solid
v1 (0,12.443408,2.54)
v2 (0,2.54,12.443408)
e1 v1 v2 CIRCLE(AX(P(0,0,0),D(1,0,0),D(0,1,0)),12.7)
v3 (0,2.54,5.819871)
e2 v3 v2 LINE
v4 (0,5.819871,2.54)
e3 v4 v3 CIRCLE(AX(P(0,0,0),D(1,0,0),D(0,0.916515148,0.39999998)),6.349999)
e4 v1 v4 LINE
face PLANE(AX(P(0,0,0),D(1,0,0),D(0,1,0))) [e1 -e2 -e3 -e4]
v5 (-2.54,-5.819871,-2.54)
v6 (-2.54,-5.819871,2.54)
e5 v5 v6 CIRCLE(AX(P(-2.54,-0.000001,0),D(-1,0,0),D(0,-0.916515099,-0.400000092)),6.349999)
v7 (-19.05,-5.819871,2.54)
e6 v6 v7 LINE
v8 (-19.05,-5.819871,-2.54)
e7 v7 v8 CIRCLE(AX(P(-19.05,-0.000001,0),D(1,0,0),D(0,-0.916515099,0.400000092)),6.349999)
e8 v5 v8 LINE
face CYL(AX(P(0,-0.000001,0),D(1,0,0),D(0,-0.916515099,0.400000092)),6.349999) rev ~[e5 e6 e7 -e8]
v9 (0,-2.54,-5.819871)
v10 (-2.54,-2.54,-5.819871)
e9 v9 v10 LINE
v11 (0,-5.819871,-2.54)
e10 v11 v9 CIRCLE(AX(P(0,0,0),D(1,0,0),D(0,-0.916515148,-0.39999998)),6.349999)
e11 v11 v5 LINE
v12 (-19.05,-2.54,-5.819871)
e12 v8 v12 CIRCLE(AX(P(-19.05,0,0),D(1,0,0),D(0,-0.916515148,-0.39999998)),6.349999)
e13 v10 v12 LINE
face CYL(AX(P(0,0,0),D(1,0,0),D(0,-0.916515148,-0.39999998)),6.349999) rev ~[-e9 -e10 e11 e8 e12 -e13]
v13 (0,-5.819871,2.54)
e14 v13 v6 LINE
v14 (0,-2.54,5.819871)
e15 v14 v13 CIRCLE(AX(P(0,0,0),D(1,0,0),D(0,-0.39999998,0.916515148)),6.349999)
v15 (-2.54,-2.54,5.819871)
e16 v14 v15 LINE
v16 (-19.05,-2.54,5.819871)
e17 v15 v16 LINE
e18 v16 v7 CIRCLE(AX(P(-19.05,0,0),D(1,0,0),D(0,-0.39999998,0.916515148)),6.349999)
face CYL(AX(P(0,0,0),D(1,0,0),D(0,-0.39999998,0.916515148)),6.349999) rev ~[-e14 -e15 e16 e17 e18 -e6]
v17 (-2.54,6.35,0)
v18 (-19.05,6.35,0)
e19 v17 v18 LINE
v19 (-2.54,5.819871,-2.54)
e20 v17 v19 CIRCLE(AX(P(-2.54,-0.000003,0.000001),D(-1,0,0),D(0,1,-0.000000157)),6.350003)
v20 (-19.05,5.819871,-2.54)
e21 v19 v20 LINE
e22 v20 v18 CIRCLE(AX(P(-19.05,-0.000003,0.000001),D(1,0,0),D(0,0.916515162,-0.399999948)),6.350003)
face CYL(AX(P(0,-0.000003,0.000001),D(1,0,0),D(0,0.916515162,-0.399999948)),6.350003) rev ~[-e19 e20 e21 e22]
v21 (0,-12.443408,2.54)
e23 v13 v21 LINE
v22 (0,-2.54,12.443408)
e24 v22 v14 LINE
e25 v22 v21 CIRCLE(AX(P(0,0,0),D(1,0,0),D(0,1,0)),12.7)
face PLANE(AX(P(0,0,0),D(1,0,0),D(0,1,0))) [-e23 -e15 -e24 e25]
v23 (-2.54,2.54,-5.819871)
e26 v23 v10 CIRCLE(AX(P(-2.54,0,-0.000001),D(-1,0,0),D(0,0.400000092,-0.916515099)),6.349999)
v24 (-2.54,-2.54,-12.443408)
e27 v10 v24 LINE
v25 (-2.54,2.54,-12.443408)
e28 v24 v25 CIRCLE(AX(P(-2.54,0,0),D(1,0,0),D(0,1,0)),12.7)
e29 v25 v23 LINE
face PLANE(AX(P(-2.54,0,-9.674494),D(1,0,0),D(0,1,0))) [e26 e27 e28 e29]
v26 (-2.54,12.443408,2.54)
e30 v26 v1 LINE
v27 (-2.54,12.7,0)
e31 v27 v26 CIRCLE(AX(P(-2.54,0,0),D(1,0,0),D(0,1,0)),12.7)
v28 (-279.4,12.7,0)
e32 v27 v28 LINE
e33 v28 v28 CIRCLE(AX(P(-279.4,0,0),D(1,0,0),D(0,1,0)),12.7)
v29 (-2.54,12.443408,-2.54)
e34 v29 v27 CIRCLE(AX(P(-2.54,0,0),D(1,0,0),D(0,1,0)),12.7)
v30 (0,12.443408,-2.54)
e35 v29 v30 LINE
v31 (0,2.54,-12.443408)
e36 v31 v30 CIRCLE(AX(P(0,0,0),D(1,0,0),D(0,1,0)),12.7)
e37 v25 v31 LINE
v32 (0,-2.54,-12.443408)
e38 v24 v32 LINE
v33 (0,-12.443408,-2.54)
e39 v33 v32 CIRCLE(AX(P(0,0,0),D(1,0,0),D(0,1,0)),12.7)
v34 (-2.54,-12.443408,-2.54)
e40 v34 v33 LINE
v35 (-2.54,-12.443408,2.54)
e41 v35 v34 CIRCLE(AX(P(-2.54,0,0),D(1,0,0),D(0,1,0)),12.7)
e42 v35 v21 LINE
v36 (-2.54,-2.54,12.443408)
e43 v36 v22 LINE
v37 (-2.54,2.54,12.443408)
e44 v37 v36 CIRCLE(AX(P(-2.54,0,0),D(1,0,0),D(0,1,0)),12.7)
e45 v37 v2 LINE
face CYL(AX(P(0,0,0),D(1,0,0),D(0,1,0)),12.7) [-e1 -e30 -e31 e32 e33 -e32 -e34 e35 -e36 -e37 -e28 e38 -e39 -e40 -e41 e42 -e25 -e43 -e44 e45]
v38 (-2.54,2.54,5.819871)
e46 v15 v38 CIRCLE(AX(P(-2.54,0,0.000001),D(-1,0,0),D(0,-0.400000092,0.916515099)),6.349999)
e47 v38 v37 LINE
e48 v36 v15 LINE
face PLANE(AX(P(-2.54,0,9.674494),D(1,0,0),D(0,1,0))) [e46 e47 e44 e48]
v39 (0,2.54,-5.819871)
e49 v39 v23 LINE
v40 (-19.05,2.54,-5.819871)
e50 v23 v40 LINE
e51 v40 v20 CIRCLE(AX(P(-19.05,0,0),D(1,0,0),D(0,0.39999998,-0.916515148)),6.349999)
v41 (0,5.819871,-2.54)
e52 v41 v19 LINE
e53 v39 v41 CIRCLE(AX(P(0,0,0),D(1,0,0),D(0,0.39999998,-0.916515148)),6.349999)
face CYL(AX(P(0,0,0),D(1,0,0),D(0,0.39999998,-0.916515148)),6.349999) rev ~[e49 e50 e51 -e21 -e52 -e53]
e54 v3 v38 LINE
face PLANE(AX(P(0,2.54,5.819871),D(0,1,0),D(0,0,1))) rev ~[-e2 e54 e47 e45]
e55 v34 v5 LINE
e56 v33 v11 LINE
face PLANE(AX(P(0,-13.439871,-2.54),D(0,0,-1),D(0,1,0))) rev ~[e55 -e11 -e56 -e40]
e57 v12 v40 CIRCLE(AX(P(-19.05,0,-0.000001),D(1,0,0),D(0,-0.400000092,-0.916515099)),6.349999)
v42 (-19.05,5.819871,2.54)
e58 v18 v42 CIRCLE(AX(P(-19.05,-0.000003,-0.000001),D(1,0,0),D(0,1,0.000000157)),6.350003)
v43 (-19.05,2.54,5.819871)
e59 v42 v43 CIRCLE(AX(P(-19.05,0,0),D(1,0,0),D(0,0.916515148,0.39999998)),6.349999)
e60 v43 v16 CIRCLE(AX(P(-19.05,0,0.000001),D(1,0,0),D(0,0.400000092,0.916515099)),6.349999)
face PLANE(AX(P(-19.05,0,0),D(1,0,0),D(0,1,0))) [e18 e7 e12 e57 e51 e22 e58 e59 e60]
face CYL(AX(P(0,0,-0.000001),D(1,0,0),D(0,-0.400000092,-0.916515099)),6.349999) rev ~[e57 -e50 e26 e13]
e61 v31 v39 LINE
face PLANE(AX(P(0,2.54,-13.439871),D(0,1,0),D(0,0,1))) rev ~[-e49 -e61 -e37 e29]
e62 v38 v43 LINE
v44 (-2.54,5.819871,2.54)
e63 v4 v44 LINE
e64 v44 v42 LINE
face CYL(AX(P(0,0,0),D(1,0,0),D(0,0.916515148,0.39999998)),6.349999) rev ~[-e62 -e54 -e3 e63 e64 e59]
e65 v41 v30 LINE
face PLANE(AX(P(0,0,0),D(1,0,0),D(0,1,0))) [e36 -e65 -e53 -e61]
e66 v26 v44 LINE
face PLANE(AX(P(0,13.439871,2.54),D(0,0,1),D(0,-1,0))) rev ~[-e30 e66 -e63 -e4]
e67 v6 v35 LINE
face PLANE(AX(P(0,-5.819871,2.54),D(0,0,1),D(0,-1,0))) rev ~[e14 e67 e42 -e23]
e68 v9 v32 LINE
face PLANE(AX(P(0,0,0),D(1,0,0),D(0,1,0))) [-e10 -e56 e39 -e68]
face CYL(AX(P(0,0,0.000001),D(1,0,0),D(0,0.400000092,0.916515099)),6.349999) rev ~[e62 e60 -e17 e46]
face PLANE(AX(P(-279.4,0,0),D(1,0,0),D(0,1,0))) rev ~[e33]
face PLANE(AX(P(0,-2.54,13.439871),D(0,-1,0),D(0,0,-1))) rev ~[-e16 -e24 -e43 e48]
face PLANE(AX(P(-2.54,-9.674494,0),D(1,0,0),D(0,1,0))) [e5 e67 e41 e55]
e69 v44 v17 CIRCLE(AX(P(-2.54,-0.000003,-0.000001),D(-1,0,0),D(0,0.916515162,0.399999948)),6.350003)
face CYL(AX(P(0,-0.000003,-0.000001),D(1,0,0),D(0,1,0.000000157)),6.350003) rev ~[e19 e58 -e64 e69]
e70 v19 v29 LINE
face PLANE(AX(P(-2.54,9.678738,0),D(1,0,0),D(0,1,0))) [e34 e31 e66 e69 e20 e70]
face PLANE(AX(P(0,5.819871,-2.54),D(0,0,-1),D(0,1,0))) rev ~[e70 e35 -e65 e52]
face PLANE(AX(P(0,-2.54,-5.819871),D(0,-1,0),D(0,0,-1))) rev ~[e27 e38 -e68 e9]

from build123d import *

# Parameters (mm, degrees)
F0_R     = 12.7
F1_DEPTH = 279.4
F3_DEPTH = 2.54
F4_DEPTH = 19.05


with BuildPart() as f1:
    # F0 (on Right) → F1 (new body)
    with BuildSketch(Plane.YZ):
        Circle(F0_R)
    extrude(amount=-F1_DEPTH)

    # F2 (on Right) → F3 (cut)
    with BuildSketch(Plane.YZ):
        with BuildLine():
            ThreePointArc((-2.54, 5.819871), (0, 6.35), (2.54, 5.819871))
            Line((2.54, 5.819871), (2.54, 13.439871))
            Line((2.54, 13.439871), (-2.54, 13.439871))
            Line((-2.54, 13.439871), (-2.54, 5.819871))
        make_face()
        with BuildLine():
            ThreePointArc((-5.819871, -2.54), (-6.35, 0), (-5.819871, 2.54))
            Line((-5.819871, 2.54), (-13.439871, 2.54))
            Line((-13.439871, 2.54), (-13.439871, -2.54))
            Line((-13.439871, -2.54), (-5.819871, -2.54))
        make_face()
        with BuildLine():
            Line((2.54, -13.439871), (2.54, -5.819871))
            ThreePointArc((2.54, -5.819871), (0, -6.35), (-2.54, -5.819871))
            Line((-2.54, -5.819871), (-2.54, -13.439871))
            Line((-2.54, -13.439871), (2.54, -13.439871))
        make_face()
        with BuildLine():
            ThreePointArc((5.819871, 2.54), (6.216055, 1.297366), (6.35, 0))
            ThreePointArc((6.35, 0), (6.216055, -1.297366), (5.819871, -2.54))
            Line((5.819871, -2.54), (13.439871, -2.54))
            Line((13.439871, -2.54), (13.439871, 2.54))
            Line((13.439871, 2.54), (5.819871, 2.54))
        make_face()
    extrude(amount=-F3_DEPTH, mode=Mode.SUBTRACT)

    # F2 (on Right) → F4 (cut)
    with BuildSketch(Plane.YZ):
        with BuildLine():
            Line((5.819871, -2.54), (5.819871, 2.54))
            ThreePointArc((5.819871, 2.54), (4.490128, 4.490128), (2.54, 5.819871))
            Line((2.54, 5.819871), (-2.54, 5.819871))
            ThreePointArc((-2.54, 5.819871), (-4.490128, 4.490128), (-5.819871, 2.54))
            Line((-5.819871, 2.54), (-5.819871, -2.54))
            ThreePointArc((-5.819871, -2.54), (-4.490128, -4.490128), (-2.54, -5.819871))
            Line((-2.54, -5.819871), (2.54, -5.819871))
            ThreePointArc((2.54, -5.819871), (4.490128, -4.490128), (5.819871, -2.54))
        make_face()
        with BuildLine():
            Line((-2.54, 5.819871), (2.54, 5.819871))
            ThreePointArc((2.54, 5.819871), (0, 6.35), (-2.54, 5.819871))
        make_face()
        with BuildLine():
            Line((-5.819871, -2.54), (-5.819871, 2.54))
            ThreePointArc((-5.819871, 2.54), (-6.35, 0), (-5.819871, -2.54))
        make_face()
        with BuildLine():
            ThreePointArc((-2.54, -5.819871), (0, -6.35), (2.54, -5.819871))
            Line((2.54, -5.819871), (-2.54, -5.819871))
        make_face()
        with BuildLine():
            ThreePointArc((5.819871, -2.54), (6.216055, -1.297366), (6.35, 0))
            ThreePointArc((6.35, 0), (6.216055, 1.297366), (5.819871, 2.54))
            Line((5.819871, 2.54), (5.819871, -2.54))
        make_face()
    extrude(amount=-F4_DEPTH, mode=Mode.SUBTRACT)


solid = f1.part
